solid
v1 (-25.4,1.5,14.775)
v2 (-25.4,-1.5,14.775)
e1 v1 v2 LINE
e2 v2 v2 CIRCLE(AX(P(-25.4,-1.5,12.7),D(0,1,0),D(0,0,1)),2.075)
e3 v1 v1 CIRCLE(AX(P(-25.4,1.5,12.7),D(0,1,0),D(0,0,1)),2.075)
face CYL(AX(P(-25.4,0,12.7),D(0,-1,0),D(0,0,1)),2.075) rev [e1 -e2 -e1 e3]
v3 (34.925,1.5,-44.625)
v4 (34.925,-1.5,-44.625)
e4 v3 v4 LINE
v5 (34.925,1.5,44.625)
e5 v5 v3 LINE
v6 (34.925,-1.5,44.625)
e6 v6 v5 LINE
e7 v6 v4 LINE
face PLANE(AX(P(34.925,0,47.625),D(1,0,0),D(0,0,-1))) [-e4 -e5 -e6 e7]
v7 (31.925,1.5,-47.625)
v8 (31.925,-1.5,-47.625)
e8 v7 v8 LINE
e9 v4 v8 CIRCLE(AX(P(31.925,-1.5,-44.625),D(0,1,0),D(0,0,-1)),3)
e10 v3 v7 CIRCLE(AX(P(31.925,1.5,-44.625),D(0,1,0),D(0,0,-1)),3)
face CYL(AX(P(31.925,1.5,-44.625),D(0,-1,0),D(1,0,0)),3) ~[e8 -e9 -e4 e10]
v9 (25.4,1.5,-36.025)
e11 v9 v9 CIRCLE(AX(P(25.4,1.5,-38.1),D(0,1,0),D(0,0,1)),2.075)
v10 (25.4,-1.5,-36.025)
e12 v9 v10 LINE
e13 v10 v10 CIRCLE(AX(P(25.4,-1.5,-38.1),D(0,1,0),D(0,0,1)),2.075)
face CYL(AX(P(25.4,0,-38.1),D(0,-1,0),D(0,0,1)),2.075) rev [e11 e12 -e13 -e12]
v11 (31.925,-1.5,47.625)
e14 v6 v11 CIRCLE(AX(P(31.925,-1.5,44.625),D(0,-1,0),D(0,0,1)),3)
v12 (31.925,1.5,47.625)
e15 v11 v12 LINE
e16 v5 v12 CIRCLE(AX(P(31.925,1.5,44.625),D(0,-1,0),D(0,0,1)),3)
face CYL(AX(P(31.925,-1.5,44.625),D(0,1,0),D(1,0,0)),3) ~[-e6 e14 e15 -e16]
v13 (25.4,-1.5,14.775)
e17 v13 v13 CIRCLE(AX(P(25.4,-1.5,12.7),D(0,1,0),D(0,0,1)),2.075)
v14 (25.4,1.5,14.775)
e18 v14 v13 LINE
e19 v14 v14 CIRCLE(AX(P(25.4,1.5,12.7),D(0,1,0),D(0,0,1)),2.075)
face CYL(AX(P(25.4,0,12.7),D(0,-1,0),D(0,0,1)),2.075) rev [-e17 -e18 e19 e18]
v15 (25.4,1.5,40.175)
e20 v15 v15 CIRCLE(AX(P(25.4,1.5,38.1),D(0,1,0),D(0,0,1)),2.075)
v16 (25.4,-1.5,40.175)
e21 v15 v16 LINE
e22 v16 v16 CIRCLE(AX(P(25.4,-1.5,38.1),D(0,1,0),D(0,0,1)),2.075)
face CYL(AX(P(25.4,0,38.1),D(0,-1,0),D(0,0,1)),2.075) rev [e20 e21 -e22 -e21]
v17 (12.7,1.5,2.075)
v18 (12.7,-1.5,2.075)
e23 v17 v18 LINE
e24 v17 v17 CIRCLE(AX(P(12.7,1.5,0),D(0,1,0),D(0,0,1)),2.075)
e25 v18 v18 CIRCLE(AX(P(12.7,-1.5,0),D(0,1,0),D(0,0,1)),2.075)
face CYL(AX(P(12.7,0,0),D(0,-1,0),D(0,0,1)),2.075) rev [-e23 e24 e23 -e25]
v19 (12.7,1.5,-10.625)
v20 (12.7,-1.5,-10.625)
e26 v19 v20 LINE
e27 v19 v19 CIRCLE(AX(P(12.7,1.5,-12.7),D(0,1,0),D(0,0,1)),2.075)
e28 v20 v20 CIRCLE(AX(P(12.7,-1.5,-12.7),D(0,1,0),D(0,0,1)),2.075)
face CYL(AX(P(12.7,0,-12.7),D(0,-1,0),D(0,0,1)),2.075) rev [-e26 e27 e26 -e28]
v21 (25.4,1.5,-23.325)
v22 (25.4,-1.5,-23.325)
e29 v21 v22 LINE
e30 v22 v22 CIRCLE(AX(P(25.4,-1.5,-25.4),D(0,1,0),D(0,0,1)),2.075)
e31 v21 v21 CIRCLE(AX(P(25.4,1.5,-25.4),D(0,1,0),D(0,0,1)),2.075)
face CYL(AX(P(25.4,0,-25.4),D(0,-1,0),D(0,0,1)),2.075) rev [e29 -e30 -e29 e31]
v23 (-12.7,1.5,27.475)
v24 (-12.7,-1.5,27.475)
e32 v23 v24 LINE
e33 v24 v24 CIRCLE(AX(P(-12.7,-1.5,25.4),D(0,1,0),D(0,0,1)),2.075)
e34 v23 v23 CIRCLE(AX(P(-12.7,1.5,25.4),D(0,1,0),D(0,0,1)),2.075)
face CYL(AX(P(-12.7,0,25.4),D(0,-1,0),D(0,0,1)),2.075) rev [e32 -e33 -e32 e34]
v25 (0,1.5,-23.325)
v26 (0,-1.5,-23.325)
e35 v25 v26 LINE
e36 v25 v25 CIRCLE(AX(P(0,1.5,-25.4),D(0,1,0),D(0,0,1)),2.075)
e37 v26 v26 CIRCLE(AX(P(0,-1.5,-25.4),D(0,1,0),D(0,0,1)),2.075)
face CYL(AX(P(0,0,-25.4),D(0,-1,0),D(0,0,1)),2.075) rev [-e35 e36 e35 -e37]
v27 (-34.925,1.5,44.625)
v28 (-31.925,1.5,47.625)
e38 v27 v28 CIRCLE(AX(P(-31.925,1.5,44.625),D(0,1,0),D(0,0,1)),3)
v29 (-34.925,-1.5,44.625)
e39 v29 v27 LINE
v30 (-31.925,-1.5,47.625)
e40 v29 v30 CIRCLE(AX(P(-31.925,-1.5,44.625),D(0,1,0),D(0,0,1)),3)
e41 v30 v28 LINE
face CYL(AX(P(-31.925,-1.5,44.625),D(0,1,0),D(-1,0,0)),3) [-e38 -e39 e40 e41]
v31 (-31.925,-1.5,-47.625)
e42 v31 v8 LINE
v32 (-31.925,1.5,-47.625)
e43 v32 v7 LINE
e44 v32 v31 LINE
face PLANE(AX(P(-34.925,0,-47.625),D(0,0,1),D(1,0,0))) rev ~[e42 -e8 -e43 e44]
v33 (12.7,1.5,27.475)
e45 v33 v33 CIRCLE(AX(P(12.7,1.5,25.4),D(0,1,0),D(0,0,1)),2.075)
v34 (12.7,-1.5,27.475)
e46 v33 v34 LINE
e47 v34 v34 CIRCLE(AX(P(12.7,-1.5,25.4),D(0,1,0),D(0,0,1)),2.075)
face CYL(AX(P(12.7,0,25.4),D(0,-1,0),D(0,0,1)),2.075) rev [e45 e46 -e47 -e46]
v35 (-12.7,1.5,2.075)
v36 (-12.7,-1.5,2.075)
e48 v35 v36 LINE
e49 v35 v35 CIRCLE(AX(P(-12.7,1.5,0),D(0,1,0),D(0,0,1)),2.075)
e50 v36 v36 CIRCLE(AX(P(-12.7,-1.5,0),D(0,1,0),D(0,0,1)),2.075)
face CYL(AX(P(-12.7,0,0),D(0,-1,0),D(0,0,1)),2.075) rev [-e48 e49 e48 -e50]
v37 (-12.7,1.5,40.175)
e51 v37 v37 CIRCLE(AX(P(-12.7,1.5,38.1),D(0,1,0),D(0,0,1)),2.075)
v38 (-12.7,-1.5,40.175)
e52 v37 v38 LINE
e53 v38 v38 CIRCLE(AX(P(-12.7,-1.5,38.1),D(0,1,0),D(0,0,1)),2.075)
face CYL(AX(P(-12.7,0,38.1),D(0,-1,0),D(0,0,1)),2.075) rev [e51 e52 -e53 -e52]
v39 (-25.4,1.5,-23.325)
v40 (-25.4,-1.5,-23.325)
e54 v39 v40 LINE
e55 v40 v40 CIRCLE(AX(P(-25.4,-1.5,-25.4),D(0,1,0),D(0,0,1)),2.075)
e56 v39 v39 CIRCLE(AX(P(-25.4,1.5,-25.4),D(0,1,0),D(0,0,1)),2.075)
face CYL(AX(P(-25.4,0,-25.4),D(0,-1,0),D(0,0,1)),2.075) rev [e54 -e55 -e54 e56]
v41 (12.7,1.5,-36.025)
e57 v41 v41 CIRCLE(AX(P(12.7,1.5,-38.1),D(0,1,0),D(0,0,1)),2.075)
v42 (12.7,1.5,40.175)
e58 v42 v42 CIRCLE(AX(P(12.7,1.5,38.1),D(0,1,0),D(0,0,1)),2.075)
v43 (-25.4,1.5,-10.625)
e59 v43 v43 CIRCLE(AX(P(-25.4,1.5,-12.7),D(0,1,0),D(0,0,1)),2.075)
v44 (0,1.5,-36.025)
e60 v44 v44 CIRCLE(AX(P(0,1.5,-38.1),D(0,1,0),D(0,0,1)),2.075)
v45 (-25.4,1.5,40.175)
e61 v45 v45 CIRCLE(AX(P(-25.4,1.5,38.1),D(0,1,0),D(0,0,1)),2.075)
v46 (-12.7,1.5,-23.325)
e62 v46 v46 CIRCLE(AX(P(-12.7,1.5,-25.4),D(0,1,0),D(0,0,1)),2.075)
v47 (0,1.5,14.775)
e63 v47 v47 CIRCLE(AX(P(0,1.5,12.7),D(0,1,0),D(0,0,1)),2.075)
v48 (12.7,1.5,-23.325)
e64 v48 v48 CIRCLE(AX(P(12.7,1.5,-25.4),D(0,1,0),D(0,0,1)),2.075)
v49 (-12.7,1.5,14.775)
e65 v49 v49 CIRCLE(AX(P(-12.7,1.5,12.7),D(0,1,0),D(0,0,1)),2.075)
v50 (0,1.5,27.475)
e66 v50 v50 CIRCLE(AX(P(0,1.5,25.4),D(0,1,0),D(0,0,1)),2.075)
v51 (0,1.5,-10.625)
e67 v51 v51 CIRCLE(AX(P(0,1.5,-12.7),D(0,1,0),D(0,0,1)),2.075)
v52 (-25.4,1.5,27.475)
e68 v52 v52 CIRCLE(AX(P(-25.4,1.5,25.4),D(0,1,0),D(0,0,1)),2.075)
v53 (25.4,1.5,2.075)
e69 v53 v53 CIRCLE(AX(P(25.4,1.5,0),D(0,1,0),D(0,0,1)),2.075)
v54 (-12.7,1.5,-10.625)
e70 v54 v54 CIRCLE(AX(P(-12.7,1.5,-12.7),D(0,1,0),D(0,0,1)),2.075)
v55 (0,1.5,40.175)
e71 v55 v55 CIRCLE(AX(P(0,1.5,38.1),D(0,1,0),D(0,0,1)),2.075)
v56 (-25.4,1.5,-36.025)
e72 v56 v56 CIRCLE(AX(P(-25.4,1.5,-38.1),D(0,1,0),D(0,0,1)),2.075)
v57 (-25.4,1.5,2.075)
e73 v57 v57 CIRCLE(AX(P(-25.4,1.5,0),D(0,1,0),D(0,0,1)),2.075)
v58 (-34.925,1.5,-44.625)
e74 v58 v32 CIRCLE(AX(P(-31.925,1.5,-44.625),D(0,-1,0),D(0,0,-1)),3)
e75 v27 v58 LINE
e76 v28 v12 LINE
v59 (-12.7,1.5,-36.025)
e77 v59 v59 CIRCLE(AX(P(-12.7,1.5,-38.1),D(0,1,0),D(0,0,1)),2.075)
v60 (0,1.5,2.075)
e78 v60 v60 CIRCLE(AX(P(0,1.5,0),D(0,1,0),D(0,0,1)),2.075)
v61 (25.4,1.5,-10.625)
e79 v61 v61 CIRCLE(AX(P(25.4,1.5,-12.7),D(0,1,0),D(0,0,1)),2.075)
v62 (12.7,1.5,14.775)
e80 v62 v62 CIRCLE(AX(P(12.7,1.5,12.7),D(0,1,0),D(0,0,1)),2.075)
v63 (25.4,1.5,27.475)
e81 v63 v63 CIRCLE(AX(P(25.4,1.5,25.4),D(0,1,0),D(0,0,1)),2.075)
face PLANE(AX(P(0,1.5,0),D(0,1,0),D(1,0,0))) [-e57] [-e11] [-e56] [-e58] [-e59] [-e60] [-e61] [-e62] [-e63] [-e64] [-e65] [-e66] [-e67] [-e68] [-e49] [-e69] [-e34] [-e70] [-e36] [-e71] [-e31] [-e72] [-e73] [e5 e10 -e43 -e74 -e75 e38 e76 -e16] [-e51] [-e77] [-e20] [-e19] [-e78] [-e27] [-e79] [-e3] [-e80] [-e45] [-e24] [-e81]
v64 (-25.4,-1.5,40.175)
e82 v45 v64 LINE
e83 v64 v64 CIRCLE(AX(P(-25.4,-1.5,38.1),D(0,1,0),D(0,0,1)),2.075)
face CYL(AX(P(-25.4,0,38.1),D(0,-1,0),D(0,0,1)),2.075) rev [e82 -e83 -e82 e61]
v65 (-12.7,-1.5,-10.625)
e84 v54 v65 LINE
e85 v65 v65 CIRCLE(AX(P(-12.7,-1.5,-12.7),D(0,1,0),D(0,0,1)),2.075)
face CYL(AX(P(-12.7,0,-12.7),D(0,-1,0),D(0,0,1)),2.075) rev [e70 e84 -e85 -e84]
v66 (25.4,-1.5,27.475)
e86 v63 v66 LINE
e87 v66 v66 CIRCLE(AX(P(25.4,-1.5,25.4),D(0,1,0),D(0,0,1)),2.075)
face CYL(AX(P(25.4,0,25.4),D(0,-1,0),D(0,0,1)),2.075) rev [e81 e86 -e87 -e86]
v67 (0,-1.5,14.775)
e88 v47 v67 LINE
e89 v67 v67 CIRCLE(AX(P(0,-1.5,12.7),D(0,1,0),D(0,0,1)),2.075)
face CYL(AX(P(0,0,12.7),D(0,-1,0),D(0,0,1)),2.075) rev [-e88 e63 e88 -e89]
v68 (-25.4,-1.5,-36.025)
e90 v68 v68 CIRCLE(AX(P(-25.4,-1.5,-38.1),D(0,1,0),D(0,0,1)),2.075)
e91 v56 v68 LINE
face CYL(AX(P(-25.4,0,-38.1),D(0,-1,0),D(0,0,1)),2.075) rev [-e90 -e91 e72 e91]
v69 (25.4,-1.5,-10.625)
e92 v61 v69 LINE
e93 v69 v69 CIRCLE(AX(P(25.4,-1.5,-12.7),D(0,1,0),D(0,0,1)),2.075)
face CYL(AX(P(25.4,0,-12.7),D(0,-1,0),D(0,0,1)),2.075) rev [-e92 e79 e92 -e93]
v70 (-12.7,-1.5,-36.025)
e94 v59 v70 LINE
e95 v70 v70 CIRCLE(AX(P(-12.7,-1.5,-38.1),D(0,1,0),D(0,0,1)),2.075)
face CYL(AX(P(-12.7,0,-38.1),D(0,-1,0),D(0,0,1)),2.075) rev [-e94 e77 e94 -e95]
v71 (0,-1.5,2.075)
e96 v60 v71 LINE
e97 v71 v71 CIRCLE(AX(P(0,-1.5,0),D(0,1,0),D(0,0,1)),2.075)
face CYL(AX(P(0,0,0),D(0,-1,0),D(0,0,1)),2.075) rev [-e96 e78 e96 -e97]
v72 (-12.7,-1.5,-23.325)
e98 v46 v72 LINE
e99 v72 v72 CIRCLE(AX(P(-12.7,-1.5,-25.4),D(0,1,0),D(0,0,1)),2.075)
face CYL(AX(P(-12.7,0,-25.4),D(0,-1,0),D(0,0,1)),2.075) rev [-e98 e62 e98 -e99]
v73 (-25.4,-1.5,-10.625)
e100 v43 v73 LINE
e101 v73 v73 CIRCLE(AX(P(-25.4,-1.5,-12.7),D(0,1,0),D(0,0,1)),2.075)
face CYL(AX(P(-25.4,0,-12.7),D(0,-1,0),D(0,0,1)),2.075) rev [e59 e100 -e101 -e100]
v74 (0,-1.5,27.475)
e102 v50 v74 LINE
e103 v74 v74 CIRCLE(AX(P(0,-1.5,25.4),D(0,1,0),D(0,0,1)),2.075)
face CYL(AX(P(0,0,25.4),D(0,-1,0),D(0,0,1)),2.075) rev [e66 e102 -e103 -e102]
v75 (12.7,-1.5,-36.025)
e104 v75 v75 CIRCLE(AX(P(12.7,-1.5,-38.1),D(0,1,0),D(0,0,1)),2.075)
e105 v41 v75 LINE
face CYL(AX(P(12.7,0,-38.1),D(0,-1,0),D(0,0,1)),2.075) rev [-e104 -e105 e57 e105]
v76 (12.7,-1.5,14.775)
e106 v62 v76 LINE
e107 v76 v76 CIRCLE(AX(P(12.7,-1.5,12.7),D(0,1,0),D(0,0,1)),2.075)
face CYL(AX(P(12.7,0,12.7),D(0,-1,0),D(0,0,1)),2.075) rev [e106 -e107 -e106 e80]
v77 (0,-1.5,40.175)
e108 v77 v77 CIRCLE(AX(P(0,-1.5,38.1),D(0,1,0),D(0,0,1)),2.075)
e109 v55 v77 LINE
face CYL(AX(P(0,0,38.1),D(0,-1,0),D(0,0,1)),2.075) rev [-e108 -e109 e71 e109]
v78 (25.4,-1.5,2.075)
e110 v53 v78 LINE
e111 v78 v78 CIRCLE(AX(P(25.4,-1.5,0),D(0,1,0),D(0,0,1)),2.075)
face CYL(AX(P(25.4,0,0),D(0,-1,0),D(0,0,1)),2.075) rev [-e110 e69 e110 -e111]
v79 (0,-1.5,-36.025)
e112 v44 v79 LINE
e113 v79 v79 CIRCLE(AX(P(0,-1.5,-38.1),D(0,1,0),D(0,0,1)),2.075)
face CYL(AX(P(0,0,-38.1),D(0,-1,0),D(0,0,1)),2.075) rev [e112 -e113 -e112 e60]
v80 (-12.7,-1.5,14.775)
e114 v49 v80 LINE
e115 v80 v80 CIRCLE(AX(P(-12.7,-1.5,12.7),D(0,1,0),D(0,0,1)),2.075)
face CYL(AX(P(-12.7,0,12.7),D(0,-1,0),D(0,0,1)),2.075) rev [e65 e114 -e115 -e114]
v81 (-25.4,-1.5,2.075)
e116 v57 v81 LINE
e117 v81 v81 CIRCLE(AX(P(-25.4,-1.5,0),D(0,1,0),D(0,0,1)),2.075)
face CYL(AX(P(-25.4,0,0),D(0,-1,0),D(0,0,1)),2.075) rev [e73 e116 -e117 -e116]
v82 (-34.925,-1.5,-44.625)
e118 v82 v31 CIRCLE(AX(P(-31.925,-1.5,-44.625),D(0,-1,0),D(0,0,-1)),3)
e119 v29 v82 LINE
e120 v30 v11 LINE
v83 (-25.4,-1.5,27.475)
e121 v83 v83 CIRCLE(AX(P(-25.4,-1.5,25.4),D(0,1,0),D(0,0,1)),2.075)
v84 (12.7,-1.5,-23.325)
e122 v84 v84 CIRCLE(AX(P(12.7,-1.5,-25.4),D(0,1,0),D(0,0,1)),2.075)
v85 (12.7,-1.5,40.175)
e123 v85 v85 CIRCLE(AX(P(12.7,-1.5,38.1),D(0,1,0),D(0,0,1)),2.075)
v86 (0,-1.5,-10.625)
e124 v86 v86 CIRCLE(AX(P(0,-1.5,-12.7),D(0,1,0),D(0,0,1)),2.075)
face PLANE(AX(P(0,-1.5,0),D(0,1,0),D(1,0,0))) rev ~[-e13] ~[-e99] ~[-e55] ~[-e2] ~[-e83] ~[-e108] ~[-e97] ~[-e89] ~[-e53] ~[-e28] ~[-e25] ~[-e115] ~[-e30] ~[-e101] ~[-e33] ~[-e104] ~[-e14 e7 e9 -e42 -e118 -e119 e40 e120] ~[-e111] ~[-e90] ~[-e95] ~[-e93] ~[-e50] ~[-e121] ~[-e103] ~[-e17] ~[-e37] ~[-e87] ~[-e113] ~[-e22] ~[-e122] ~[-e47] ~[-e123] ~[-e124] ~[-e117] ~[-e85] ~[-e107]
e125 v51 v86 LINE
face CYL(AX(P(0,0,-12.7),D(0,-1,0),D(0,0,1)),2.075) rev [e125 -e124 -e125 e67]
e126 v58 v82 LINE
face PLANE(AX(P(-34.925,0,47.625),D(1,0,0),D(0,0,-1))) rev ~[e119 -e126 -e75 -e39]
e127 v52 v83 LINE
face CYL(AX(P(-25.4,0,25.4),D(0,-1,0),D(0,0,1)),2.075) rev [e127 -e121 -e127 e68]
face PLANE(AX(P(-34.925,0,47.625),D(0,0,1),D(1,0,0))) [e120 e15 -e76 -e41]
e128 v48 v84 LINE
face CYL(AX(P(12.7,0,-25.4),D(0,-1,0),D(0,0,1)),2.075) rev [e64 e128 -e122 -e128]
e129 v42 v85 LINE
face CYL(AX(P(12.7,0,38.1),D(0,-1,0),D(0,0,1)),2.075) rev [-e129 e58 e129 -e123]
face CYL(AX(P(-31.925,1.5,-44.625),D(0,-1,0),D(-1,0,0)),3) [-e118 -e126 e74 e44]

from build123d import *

# Parameters (mm, degrees)
SKETCH1_W           = 69.85
SKETCH1_H           = 95.25
SKETCH1_R           = 2.075
BOSS_EXTRUDE1_DEPTH = 1.5
FILLET1_R           = 3


with BuildPart() as part:
    # Sketch1 → Boss-Extrude1 (new, symmetric)
    with BuildSketch(Plane(origin=(0, 0, 0), x_dir=(1, 0, 0), z_dir=(0, 1, 0))):
        Rectangle(SKETCH1_W, SKETCH1_H)
        with Locations(Location((0, 0, 0), (0, 0, 270))):
            Circle(SKETCH1_R, mode=Mode.SUBTRACT)
        with Locations(Location((-25.4, 0, 0), (0, 0, 270))):
            Circle(SKETCH1_R, mode=Mode.SUBTRACT)
        with Locations(Location((-12.7, 0, 0), (0, 0, 270))):
            Circle(SKETCH1_R, mode=Mode.SUBTRACT)
        with Locations(Location((12.7, 0, 0), (0, 0, 270))):
            Circle(SKETCH1_R, mode=Mode.SUBTRACT)
        with Locations(Location((25.4, 0, 0), (0, 0, 270))):
            Circle(SKETCH1_R, mode=Mode.SUBTRACT)
        with Locations(Location((-25.4, 12.7, 0), (0, 0, 270))):
            Circle(SKETCH1_R, mode=Mode.SUBTRACT)
        with Locations(Location((-12.7, 12.7, 0), (0, 0, 270))):
            Circle(SKETCH1_R, mode=Mode.SUBTRACT)
        with Locations(Location((0, 12.7, 0), (0, 0, 270))):
            Circle(SKETCH1_R, mode=Mode.SUBTRACT)
        with Locations(Location((12.7, 12.7, 0), (0, 0, 270))):
            Circle(SKETCH1_R, mode=Mode.SUBTRACT)
        with Locations(Location((25.4, 12.7, 0), (0, 0, 270))):
            Circle(SKETCH1_R, mode=Mode.SUBTRACT)
        with Locations(Location((-25.4, 25.4, 0), (0, 0, 270))):
            Circle(SKETCH1_R, mode=Mode.SUBTRACT)
        with Locations(Location((-12.7, 25.4, 0), (0, 0, 270))):
            Circle(SKETCH1_R, mode=Mode.SUBTRACT)
        with Locations(Location((0, 25.4, 0), (0, 0, 270))):
            Circle(SKETCH1_R, mode=Mode.SUBTRACT)
        with Locations(Location((12.7, 25.4, 0), (0, 0, 270))):
            Circle(SKETCH1_R, mode=Mode.SUBTRACT)
        with Locations(Location((25.4, 25.4, 0), (0, 0, 270))):
            Circle(SKETCH1_R, mode=Mode.SUBTRACT)
        with Locations(Location((-25.4, 38.1, 0), (0, 0, 270))):
            Circle(SKETCH1_R, mode=Mode.SUBTRACT)
        with Locations(Location((-12.7, 38.1, 0), (0, 0, 270))):
            Circle(SKETCH1_R, mode=Mode.SUBTRACT)
        with Locations(Location((0, 38.1, 0), (0, 0, 270))):
            Circle(SKETCH1_R, mode=Mode.SUBTRACT)
        with Locations(Location((12.7, 38.1, 0), (0, 0, 270))):
            Circle(SKETCH1_R, mode=Mode.SUBTRACT)
        with Locations(Location((25.4, 38.1, 0), (0, 0, 270))):
            Circle(SKETCH1_R, mode=Mode.SUBTRACT)
        with Locations(Location((-25.4, -12.7, 0), (0, 0, 270))):
            Circle(SKETCH1_R, mode=Mode.SUBTRACT)
        with Locations(Location((-12.7, -12.7, 0), (0, 0, 270))):
            Circle(SKETCH1_R, mode=Mode.SUBTRACT)
        with Locations(Location((0, -12.7, 0), (0, 0, 270))):
            Circle(SKETCH1_R, mode=Mode.SUBTRACT)
        with Locations(Location((12.7, -12.7, 0), (0, 0, 270))):
            Circle(SKETCH1_R, mode=Mode.SUBTRACT)
        with Locations(Location((25.4, -12.7, 0), (0, 0, 270))):
            Circle(SKETCH1_R, mode=Mode.SUBTRACT)
        with Locations(Location((-25.4, -25.4, 0), (0, 0, 270))):
            Circle(SKETCH1_R, mode=Mode.SUBTRACT)
        with Locations(Location((-12.7, -25.4, 0), (0, 0, 270))):
            Circle(SKETCH1_R, mode=Mode.SUBTRACT)
        with Locations(Location((0, -25.4, 0), (0, 0, 270))):
            Circle(SKETCH1_R, mode=Mode.SUBTRACT)
        with Locations(Location((12.7, -25.4, 0), (0, 0, 270))):
            Circle(SKETCH1_R, mode=Mode.SUBTRACT)
        with Locations(Location((25.4, -25.4, 0), (0, 0, 270))):
            Circle(SKETCH1_R, mode=Mode.SUBTRACT)
        with Locations(Location((-25.4, -38.1, 0), (0, 0, 270))):
            Circle(SKETCH1_R, mode=Mode.SUBTRACT)
        with Locations(Location((-12.7, -38.1, 0), (0, 0, 270))):
            Circle(SKETCH1_R, mode=Mode.SUBTRACT)
        with Locations(Location((0, -38.1, 0), (0, 0, 270))):
            Circle(SKETCH1_R, mode=Mode.SUBTRACT)
        with Locations(Location((12.7, -38.1, 0), (0, 0, 270))):
            Circle(SKETCH1_R, mode=Mode.SUBTRACT)
        with Locations(Location((25.4, -38.1, 0), (0, 0, 270))):
            Circle(SKETCH1_R, mode=Mode.SUBTRACT)
    extrude(amount=BOSS_EXTRUDE1_DEPTH, both=True)

    # Fillet1
    fillet1_edges = [part.edges().sort_by_distance(p)[0] for p in [
        (34.925, 0, 47.625),
        (-34.925, 0, 47.625),
        (-34.925, 0, -47.625),
        (34.925, 0, -47.625),
    ]]
    fillet(fillet1_edges, radius=FILLET1_R)


solid = part.part
